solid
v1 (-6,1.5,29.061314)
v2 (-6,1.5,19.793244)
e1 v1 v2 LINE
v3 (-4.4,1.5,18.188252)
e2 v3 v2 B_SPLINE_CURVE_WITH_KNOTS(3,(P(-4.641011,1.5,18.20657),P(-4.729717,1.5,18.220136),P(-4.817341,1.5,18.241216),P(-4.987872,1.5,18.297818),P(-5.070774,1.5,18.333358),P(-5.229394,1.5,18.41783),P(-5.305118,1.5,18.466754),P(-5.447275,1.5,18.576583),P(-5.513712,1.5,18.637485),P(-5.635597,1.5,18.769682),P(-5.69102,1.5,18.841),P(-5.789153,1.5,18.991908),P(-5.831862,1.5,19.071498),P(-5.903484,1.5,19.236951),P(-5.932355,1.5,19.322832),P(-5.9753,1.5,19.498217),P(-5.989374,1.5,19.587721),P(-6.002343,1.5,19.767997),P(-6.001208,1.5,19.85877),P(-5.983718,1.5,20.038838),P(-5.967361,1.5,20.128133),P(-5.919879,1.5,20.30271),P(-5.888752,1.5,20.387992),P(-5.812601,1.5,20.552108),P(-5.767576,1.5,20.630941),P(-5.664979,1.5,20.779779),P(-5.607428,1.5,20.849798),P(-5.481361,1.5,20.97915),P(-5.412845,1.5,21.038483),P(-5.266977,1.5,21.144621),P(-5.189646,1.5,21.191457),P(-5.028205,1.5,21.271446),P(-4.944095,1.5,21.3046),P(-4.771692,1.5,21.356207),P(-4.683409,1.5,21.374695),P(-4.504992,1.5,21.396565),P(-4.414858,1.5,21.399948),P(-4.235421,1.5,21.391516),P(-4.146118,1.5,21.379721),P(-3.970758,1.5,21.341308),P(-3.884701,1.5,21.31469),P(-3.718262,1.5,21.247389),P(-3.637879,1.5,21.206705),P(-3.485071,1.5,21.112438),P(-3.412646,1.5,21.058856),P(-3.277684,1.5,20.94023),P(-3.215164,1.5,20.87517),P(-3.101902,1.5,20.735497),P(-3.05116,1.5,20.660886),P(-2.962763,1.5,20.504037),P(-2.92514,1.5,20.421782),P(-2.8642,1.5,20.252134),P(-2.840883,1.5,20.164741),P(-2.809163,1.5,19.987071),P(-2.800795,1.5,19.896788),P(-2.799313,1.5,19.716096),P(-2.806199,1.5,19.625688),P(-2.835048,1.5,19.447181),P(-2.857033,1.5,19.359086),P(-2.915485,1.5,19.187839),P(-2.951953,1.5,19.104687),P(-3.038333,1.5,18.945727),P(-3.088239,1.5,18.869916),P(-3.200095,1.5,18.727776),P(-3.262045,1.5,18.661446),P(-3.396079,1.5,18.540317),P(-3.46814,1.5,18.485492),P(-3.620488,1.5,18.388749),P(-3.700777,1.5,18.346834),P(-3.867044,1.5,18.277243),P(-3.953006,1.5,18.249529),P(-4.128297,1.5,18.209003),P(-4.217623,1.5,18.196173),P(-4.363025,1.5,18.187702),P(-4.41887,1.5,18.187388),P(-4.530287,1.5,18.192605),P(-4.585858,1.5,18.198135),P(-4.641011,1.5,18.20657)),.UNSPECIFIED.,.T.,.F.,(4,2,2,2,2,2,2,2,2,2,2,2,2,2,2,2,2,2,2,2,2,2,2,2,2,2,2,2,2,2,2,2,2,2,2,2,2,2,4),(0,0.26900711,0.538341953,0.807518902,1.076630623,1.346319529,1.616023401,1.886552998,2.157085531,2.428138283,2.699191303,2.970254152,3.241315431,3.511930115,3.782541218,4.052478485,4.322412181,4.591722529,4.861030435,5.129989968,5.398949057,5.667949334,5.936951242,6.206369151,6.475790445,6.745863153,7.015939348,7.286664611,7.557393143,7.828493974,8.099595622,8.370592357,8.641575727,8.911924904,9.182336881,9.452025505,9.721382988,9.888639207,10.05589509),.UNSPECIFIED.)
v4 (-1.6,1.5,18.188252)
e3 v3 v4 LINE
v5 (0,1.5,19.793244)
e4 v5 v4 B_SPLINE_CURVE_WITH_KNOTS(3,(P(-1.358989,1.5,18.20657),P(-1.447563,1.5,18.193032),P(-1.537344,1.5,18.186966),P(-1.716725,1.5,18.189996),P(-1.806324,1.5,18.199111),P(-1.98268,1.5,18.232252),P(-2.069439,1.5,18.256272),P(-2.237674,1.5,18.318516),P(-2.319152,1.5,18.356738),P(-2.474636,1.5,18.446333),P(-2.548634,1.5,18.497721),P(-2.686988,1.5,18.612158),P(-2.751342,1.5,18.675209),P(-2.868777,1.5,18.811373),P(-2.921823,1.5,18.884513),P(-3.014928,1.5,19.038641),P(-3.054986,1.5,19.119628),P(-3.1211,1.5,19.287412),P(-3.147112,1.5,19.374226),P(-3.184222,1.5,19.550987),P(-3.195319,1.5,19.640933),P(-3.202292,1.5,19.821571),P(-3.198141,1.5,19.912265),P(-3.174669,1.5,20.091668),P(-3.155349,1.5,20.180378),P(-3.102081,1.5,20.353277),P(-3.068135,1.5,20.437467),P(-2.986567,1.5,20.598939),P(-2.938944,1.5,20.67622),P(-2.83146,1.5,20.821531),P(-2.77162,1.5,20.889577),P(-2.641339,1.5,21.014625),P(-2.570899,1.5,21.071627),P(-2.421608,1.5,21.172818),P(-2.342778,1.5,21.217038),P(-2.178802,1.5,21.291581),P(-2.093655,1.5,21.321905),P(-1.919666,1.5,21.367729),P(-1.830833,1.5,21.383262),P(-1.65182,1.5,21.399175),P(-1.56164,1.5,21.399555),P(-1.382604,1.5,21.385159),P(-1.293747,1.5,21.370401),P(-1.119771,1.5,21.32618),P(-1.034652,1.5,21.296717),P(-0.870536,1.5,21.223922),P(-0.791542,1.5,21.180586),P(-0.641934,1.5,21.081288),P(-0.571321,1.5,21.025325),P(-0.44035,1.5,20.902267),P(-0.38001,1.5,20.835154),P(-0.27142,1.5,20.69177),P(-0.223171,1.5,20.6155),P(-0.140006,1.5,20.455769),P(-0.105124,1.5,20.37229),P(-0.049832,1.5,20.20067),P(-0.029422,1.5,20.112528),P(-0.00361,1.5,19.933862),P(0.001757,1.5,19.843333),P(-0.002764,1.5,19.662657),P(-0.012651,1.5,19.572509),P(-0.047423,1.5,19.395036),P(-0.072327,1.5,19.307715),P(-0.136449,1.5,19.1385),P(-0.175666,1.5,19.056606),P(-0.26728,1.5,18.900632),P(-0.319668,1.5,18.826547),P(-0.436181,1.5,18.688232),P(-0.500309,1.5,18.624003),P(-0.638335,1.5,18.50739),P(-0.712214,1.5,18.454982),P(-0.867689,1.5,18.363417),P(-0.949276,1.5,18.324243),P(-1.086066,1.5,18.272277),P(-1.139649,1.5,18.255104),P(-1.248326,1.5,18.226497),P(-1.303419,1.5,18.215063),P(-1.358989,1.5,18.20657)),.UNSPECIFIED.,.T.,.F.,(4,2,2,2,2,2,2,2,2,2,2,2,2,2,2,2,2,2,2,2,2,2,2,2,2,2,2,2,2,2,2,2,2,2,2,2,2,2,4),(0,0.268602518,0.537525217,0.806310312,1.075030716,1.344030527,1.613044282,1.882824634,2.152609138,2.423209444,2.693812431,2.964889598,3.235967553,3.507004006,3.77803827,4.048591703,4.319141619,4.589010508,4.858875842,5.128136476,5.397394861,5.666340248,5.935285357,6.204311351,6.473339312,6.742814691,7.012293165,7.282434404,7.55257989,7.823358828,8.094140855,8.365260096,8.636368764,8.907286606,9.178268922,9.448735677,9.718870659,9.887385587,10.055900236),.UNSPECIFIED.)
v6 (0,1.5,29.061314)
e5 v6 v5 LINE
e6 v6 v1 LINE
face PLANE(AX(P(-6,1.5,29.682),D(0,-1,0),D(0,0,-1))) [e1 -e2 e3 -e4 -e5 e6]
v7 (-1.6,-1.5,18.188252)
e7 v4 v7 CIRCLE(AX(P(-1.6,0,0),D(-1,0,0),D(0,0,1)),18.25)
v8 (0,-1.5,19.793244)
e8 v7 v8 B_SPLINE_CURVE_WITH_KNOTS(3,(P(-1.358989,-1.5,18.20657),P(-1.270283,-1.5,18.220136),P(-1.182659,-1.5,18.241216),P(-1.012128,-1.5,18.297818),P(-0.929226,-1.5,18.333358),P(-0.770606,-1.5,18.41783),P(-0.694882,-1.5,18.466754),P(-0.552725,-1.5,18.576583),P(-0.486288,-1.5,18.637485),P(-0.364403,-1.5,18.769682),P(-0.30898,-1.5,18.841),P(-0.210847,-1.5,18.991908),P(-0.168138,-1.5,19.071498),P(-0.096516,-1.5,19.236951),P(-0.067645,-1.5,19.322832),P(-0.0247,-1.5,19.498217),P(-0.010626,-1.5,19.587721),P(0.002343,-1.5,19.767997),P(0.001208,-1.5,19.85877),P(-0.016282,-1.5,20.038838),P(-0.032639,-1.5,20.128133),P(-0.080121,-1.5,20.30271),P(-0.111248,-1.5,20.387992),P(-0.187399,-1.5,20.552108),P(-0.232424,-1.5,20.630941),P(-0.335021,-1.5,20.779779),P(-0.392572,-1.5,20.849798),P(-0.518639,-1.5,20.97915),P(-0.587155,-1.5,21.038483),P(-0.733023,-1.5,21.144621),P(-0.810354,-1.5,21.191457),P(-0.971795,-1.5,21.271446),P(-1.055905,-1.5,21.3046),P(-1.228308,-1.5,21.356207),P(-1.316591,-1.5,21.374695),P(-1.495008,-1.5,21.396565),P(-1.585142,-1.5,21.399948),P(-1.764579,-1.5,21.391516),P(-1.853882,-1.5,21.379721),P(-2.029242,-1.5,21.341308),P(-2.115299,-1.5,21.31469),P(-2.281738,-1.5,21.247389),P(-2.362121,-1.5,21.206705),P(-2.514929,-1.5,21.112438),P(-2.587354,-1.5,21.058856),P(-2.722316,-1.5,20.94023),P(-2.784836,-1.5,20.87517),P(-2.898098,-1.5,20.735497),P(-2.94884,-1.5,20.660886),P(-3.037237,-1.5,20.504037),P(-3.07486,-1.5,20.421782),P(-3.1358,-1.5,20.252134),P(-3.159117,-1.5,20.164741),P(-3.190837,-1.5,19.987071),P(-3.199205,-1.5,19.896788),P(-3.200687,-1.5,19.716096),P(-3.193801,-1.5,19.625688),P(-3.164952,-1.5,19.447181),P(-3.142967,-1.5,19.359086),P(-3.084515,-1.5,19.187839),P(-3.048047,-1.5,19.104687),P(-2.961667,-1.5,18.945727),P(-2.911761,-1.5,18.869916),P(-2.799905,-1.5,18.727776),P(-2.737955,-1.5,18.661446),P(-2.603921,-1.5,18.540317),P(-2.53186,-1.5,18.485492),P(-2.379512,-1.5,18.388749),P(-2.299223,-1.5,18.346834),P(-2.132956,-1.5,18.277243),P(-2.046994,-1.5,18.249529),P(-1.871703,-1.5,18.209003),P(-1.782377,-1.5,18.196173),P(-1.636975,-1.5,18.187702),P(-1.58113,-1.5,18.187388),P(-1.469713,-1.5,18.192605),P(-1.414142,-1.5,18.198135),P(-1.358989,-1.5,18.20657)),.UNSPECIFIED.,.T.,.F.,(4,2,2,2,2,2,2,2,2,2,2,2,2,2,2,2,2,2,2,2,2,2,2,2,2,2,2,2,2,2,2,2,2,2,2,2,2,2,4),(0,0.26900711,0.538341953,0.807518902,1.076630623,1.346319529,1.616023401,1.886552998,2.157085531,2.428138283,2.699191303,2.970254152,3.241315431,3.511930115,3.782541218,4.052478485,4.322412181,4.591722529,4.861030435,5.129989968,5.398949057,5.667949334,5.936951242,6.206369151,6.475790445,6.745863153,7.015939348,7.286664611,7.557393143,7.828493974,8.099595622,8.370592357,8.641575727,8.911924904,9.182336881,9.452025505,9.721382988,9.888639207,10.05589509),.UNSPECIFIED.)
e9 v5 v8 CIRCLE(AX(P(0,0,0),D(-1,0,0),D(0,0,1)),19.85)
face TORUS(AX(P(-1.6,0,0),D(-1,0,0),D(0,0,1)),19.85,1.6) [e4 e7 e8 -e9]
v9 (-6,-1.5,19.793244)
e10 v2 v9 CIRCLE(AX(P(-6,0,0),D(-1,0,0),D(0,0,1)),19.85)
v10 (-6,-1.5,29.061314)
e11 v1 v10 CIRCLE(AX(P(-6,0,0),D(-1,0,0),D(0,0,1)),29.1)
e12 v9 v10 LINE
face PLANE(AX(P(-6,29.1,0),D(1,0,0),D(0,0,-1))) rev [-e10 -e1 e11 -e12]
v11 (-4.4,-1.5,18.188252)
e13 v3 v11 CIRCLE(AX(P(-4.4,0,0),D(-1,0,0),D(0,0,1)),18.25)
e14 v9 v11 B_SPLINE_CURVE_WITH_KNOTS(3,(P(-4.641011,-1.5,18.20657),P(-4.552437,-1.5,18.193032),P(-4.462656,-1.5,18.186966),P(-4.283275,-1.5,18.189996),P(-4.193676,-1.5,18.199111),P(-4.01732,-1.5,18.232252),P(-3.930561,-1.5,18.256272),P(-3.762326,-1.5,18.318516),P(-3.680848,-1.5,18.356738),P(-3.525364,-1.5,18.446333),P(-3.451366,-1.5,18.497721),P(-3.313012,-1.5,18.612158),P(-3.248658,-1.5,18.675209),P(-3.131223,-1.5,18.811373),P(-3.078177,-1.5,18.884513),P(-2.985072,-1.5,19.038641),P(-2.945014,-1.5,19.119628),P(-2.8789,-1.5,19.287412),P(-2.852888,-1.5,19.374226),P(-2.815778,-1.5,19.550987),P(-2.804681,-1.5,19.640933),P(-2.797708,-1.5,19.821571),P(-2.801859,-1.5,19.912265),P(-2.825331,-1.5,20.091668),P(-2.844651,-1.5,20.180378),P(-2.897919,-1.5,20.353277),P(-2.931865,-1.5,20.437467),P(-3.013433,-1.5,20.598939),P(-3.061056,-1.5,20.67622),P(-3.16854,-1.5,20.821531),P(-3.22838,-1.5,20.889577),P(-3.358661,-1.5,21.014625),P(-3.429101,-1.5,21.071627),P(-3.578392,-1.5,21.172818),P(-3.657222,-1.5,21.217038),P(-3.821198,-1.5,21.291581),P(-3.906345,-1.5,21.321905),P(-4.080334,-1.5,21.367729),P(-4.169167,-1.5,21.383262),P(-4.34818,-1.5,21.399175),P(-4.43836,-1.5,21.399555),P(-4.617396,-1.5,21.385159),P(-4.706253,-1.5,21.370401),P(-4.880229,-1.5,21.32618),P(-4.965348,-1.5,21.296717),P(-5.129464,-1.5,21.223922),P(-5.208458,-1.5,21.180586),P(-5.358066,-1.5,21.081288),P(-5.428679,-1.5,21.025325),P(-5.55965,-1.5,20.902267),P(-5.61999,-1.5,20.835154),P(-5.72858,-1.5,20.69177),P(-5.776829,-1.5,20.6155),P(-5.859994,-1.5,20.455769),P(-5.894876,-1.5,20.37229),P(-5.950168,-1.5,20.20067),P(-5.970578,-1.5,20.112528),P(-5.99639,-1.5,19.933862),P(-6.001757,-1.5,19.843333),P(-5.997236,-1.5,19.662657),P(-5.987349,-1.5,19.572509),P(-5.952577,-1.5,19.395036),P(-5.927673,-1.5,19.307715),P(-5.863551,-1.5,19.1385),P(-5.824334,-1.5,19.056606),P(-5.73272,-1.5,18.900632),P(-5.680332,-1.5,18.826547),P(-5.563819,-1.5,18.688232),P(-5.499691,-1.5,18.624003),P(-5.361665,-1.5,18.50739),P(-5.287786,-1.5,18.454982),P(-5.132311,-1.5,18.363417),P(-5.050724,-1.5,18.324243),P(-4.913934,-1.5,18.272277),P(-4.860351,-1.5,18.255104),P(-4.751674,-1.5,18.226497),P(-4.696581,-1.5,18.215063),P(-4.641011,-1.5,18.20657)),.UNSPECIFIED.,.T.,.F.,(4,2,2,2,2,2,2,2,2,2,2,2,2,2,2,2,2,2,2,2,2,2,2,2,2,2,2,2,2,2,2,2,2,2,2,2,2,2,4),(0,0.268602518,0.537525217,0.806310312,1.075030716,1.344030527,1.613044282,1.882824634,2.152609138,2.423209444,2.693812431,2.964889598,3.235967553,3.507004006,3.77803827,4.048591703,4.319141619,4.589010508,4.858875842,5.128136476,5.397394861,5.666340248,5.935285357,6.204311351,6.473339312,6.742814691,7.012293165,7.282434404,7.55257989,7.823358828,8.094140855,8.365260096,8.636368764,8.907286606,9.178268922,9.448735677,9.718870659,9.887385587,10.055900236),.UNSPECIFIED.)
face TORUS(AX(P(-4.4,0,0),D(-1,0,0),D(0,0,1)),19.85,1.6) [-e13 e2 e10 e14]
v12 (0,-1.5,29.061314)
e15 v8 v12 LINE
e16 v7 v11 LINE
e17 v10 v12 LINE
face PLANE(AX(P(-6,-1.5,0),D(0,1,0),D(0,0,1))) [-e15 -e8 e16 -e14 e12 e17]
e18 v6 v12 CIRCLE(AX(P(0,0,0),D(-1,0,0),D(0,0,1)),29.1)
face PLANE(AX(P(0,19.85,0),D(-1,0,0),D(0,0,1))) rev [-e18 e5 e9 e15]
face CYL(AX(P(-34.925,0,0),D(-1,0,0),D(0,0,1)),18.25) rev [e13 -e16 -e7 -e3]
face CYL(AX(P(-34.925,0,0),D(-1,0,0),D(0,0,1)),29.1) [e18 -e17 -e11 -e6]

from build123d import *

# Parameters (mm, degrees)
SKETCH2_W = 3
SKETCH2_H = 29.682
GAP_DEPTH = 42.588700388


with BuildPart() as part:
    # Sketch1 → Base-Revolve (revolve)
    with BuildSketch(Plane.XY):
        with BuildLine():
            Line((0, 19.85), (0, 29.1))
            Line((0, 29.1), (-6, 29.1))
            Line((-6, 29.1), (-6, 19.85))
            ThreePointArc((-6, 19.85), (-5.53137085, 18.71862915), (-4.4, 18.25))
            Line((-4.4, 18.25), (-1.6, 18.25))
            ThreePointArc((-1.6, 18.25), (-0.46862915, 18.71862915), (0, 19.85))
        make_face()
    revolve(axis=Axis((-34.925, 0, 0), (1, 0, 0)))

    # Sketch2 → Gap (cut, through all)
    with BuildSketch(Plane(origin=(0, 0, 0), x_dir=(0, -1, 0), z_dir=(-1, 0, 0))):
        with Locations((0, 14.841)):
            Rectangle(SKETCH2_W, SKETCH2_H)
    extrude(amount=GAP_DEPTH, mode=Mode.SUBTRACT)


solid = part.part
